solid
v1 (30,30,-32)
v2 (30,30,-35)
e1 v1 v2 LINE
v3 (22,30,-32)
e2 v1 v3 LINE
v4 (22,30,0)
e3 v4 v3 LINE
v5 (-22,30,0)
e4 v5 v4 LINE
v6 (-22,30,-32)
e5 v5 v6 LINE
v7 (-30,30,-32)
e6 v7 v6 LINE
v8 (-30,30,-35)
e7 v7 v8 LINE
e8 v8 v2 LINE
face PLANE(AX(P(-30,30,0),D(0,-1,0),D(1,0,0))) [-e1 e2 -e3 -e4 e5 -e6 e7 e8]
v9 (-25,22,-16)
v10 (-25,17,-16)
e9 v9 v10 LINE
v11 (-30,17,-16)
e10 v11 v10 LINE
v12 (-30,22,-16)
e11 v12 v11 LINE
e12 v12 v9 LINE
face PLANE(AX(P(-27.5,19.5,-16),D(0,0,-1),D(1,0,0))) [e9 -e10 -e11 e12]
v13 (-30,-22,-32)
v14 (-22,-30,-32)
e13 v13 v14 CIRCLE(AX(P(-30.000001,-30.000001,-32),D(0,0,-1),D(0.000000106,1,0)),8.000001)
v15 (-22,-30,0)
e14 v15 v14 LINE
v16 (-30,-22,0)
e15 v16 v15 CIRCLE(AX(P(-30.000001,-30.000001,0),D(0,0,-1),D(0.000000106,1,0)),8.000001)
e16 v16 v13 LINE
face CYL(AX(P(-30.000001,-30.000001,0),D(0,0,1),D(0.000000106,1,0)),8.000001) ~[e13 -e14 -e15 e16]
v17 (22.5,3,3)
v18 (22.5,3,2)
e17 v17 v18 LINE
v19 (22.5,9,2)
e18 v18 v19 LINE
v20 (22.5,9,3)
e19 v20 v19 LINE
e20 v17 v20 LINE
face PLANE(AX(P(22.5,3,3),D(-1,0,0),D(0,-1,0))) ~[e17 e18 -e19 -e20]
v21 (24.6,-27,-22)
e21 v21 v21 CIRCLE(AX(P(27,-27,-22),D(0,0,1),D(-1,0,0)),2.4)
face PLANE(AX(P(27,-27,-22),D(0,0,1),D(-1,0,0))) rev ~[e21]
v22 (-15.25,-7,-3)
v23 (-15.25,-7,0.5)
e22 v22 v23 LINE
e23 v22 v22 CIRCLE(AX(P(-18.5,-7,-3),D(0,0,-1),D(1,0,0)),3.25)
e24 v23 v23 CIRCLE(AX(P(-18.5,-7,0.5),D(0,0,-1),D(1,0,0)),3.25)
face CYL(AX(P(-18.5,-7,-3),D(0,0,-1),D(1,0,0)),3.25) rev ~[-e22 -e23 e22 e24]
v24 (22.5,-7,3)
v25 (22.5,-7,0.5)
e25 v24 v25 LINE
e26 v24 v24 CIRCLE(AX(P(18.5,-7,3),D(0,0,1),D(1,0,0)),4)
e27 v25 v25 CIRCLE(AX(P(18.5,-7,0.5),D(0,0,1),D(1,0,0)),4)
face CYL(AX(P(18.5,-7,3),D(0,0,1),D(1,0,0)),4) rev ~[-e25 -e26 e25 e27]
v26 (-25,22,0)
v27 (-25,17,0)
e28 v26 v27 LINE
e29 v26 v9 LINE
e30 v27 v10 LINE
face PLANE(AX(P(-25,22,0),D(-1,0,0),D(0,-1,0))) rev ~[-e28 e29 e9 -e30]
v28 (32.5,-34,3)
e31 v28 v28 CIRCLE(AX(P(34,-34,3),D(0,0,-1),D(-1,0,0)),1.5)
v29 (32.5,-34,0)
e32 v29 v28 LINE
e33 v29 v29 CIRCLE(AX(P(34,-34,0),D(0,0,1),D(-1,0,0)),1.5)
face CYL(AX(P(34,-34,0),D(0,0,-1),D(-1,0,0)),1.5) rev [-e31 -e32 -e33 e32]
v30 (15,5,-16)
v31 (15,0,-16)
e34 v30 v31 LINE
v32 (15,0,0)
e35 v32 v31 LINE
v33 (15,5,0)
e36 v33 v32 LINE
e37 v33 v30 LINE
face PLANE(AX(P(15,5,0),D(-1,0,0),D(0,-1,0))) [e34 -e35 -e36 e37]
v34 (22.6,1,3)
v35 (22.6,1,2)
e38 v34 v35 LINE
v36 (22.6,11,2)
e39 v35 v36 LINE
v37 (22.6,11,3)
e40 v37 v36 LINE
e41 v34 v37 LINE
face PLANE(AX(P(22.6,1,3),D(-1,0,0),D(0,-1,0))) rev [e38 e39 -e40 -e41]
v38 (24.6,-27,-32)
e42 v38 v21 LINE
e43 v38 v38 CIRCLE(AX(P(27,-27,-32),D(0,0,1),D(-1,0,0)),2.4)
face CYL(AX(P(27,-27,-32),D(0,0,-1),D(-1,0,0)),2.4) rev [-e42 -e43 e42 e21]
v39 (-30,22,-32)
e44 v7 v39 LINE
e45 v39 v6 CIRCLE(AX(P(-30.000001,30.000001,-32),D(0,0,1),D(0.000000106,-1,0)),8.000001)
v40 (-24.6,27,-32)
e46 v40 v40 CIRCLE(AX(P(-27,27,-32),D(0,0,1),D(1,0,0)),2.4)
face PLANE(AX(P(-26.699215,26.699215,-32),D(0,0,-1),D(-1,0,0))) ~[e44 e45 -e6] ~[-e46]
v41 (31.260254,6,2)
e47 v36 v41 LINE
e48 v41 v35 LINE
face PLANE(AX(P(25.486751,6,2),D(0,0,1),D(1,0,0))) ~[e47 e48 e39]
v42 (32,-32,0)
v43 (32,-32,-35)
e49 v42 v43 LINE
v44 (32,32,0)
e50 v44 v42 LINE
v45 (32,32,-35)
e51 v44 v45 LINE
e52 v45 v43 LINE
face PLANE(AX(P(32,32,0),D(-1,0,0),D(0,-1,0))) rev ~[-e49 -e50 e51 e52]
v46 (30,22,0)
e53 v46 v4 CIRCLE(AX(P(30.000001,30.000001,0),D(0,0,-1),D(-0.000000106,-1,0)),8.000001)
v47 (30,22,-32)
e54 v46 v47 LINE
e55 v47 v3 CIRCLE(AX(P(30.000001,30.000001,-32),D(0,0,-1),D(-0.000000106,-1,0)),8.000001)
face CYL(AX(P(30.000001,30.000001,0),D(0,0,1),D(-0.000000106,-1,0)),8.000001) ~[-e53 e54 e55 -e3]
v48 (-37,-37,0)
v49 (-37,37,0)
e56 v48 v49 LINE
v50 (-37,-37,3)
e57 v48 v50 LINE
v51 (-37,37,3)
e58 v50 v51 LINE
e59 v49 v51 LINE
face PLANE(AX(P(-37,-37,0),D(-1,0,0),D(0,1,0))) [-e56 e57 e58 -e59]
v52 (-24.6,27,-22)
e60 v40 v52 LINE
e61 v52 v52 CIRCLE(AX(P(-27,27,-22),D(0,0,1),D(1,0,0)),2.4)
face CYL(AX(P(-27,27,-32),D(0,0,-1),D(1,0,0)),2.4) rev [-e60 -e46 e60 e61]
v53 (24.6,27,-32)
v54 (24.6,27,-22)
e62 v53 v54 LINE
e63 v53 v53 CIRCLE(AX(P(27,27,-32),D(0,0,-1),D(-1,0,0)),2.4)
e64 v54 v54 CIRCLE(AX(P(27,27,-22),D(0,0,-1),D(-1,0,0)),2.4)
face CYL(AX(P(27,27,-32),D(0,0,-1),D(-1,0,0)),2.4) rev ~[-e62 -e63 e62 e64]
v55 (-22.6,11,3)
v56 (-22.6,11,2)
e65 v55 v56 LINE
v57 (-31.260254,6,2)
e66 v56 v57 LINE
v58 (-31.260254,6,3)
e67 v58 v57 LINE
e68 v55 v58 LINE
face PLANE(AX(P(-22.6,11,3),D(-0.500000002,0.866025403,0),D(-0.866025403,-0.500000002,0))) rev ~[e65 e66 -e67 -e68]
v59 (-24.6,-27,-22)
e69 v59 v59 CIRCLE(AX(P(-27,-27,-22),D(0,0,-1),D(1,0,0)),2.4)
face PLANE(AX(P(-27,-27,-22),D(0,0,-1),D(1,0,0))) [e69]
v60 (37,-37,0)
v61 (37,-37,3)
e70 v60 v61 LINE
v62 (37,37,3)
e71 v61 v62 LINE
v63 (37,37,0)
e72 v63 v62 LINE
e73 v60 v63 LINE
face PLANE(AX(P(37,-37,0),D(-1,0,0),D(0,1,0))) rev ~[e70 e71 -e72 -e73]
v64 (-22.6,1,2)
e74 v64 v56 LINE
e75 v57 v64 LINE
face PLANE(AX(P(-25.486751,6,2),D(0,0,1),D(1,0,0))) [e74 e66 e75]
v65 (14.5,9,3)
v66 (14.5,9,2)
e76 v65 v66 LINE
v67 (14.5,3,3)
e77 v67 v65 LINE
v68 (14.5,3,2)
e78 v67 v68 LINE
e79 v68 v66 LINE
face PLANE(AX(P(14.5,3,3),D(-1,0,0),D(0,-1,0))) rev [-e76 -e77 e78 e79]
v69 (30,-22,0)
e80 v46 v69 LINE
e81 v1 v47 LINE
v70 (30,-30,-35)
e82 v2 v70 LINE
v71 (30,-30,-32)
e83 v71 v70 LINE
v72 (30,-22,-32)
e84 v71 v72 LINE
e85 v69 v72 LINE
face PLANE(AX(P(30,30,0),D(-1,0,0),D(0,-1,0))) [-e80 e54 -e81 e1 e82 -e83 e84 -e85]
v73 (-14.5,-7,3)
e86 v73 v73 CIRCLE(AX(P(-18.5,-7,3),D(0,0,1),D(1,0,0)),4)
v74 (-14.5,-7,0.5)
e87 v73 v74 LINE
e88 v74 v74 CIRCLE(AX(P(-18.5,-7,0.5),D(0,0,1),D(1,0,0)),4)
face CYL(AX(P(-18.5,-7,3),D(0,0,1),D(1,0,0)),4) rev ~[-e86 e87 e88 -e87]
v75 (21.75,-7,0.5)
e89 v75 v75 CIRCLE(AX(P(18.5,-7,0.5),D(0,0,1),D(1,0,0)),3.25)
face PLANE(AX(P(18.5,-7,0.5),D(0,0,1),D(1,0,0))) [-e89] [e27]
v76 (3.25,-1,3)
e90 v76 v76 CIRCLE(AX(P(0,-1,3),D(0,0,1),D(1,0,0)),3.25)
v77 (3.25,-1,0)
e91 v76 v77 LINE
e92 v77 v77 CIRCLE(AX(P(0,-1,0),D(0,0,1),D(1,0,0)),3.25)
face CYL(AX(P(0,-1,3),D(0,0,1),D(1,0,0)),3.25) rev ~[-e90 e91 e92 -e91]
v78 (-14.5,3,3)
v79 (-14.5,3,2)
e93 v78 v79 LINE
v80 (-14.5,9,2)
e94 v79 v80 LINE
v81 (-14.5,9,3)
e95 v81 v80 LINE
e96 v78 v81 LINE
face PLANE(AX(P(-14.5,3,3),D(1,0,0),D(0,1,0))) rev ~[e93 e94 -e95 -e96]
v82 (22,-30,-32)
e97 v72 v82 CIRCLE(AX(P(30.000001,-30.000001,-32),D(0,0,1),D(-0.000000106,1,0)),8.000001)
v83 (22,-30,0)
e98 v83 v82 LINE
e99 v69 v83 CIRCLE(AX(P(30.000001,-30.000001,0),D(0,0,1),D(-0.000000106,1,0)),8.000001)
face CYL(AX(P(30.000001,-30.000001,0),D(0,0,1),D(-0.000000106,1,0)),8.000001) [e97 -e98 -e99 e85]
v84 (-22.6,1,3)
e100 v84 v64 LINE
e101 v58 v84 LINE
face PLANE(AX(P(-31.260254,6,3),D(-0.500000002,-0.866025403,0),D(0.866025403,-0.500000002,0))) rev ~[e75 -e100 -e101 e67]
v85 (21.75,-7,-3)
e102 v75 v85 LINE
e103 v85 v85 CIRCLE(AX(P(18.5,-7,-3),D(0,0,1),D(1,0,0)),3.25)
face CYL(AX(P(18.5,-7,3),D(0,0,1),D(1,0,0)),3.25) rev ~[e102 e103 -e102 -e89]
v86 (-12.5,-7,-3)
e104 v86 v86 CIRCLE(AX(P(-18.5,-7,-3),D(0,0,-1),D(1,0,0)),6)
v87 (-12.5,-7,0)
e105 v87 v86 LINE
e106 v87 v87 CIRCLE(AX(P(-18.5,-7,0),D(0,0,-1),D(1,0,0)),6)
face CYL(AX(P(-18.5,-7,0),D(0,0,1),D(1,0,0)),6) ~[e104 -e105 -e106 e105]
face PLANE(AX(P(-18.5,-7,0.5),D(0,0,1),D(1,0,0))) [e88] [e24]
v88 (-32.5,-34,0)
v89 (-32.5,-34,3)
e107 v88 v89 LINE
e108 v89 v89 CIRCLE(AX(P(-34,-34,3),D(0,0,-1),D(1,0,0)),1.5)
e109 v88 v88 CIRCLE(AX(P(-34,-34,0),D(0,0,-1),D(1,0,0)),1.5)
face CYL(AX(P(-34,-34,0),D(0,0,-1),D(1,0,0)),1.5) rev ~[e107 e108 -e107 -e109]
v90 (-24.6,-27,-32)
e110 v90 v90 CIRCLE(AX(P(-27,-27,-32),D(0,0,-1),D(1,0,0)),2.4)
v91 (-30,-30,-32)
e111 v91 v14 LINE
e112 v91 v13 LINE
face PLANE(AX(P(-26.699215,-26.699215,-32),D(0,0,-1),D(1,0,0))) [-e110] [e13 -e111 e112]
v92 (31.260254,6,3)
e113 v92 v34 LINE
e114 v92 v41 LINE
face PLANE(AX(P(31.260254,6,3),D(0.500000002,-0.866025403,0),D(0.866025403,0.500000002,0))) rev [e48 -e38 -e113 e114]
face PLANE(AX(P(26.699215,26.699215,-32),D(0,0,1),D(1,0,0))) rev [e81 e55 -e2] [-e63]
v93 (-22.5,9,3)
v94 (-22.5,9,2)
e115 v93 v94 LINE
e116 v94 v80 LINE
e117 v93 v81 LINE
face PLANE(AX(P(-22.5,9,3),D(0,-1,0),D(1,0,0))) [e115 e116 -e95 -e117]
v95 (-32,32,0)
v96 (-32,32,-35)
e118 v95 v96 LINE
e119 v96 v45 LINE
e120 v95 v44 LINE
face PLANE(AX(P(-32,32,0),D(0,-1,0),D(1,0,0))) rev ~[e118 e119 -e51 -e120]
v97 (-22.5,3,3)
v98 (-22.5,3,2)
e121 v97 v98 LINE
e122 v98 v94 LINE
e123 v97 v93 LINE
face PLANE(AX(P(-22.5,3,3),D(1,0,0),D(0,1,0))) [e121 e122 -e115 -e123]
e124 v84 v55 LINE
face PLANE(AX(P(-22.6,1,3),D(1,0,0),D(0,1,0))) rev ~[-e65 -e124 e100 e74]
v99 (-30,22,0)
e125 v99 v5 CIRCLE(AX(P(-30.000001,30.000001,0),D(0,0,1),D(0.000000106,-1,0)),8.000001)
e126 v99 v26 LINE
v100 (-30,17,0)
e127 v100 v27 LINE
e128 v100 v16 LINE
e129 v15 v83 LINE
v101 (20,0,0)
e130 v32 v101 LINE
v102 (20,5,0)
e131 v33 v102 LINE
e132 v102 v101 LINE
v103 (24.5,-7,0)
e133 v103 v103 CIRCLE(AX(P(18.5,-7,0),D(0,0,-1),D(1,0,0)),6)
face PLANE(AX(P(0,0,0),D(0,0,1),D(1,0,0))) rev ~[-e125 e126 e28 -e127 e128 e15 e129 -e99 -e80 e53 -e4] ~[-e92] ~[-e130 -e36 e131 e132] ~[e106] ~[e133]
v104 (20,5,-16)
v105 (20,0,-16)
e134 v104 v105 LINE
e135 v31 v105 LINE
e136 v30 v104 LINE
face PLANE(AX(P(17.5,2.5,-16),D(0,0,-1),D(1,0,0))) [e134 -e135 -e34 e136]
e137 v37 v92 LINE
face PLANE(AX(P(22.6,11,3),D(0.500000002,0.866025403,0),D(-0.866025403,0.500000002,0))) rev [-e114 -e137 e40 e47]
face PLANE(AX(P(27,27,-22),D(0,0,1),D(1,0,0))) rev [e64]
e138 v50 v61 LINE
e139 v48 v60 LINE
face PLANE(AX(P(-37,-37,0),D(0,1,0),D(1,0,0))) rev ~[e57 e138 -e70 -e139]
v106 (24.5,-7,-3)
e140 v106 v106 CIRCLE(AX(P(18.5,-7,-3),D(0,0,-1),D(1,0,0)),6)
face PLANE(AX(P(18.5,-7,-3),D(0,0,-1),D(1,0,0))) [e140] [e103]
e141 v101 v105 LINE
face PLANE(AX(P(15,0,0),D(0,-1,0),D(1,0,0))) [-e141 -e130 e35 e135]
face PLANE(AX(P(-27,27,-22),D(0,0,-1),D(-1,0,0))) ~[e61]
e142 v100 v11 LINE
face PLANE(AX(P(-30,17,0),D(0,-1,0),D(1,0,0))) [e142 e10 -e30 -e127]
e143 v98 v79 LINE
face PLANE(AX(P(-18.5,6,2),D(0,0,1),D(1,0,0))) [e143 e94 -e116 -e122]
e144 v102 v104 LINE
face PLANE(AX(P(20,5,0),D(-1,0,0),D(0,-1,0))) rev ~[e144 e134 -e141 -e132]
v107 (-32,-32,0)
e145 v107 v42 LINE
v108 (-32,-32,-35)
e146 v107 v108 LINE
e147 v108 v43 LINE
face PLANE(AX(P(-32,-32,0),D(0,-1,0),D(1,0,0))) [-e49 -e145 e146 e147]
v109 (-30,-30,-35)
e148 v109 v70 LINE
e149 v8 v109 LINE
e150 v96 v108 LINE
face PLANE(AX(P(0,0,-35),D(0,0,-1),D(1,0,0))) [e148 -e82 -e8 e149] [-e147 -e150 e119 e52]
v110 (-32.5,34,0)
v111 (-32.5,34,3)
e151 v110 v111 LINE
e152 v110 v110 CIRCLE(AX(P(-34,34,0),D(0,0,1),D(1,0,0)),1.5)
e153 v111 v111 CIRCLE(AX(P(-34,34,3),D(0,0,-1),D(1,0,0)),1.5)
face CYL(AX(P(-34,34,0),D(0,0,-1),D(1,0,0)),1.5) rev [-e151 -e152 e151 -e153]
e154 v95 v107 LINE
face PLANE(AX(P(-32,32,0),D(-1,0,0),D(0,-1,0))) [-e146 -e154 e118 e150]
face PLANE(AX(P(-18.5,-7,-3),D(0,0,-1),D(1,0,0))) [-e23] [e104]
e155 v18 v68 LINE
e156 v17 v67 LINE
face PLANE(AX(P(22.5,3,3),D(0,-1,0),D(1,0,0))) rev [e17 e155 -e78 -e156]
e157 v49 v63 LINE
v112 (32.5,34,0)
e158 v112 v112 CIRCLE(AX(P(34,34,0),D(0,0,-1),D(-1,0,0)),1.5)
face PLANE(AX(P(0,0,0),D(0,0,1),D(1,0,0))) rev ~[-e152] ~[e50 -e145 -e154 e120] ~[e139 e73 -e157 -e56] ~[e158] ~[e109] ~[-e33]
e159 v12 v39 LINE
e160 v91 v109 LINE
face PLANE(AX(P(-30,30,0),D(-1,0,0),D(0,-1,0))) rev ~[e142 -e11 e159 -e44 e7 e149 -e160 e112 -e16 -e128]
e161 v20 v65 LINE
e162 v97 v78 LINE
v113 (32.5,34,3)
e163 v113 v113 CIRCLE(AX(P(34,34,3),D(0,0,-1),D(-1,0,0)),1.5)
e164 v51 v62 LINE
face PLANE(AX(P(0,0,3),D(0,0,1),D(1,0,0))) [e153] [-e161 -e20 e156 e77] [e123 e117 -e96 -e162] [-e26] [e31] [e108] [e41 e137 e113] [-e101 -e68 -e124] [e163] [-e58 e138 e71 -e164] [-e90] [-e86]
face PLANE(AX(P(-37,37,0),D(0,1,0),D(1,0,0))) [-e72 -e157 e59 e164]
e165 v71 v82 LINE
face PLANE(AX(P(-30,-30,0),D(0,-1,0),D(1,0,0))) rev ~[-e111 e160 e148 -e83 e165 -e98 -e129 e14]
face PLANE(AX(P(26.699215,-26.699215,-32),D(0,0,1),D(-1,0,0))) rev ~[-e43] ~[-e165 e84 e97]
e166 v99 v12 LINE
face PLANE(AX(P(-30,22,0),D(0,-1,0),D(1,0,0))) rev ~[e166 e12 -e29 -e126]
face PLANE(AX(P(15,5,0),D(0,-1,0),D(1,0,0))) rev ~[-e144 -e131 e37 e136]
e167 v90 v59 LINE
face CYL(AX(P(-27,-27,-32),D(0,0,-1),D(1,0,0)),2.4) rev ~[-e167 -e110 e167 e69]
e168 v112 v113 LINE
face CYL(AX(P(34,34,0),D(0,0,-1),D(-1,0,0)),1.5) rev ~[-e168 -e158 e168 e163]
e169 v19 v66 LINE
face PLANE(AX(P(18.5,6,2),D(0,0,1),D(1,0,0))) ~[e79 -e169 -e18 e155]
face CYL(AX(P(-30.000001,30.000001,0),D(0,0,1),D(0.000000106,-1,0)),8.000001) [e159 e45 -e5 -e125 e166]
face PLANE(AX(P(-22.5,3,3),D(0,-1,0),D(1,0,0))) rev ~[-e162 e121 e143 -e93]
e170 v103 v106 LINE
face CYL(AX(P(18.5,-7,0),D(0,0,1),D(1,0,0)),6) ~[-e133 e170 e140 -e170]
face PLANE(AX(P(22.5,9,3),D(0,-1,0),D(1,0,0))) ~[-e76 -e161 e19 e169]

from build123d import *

# Parameters (mm, degrees)
SKETCH_W                   = 74
SKETCH_H                   = 74
PAD_DEPTH                  = 3
SKETCH002_W                = 64
SKETCH002_H                = 64
SKETCH002_W_2              = 60
SKETCH002_H_2              = 60
PAD001_DEPTH               = 35
SKETCH003_R                = 1.5
POCKET_DEPTH               = 225.675651
PAD002_DEPTH               = 32
SKETCH005_R                = 2.4
POCKET001_DEPTH            = 10
SKETCH003_MIRRORED_2_R     = 1.5
POCKET_MIRRORED_2_DEPTH    = 225.675651
PAD002_MIRRORED_2_DEPTH    = 32
SKETCH005_MIRRORED_2_R     = 2.4
POCKET001_MIRRORED_2_DEPTH = 10
SKETCH006_R                = 3.25
POCKET002_DEPTH            = 38.001
SKETCH008_R                = 4
POCKET003_DEPTH            = 2.5
SKETCH009_R                = 6
PAD003_DEPTH               = 3
SKETCH010_R                = 3.25
POCKET004_DEPTH            = 6.001
SKETCH011_R                = 3.25
POCKET005_DEPTH            = 38.001
SKETCH012_W                = 8
SKETCH012_H                = 6
POCKET006_DEPTH            = 1
SKETCH013_W                = 5
SKETCH013_H                = 5
PAD004_DEPTH               = 16


with BuildPart() as part:
    # Sketch → Pad (new body)
    with BuildSketch(Plane.XY):
        Rectangle(SKETCH_W, SKETCH_H)
    extrude(amount=PAD_DEPTH)

    # Sketch002 (on Face5 of Pad) → Pad001 (join)
    with BuildSketch(Plane(origin=(0, 0, 0), x_dir=(1, 0, 0), z_dir=(0, 0, -1))):
        Rectangle(SKETCH002_W, SKETCH002_H)
        Rectangle(SKETCH002_W_2, SKETCH002_H_2, mode=Mode.SUBTRACT)
    extrude(amount=PAD001_DEPTH)

    # Sketch003 (on Face4 of Pad001) → Pocket (cut, through all)
    with BuildSketch(Plane(origin=(0, 0, 0), x_dir=(1, 0, 0), z_dir=(0, 0, -1))):
        with Locations((-34, 34)):
            Circle(SKETCH003_R)
    pocket = extrude(amount=-POCKET_DEPTH, mode=Mode.SUBTRACT)

    # Sketch004 (on Face17 of Pocket) → Pad002 (join)
    with BuildSketch(Plane(origin=(0, 0, 0), x_dir=(1, 0, 0), z_dir=(0, 0, -1))):
        with BuildLine():
            ThreePointArc((-30, 22), (-24.343146, 24.343146), (-22, 30))
            Line((-30, 30), (-22, 30))
            Line((-30, 30), (-30, 22))
        make_face()
    pad002 = extrude(amount=PAD002_DEPTH)

    # Sketch005 (on Face17 of Pad002) → Pocket001 (cut)
    with BuildSketch(Plane(origin=(0, 0, -32), x_dir=(1, 0, 0), z_dir=(0, 0, -1))):
        with Locations((-27, 27)):
            Circle(SKETCH005_R)
    pocket001 = extrude(amount=-POCKET001_DEPTH, mode=Mode.SUBTRACT)

    # Sketch003 Mirrored 2 → Pocket Mirrored 2 (cut, through all)
    with BuildSketch(Plane(origin=(0, 0, 0), x_dir=(-1, 0, 0), z_dir=(0, 0, 1))):
        with Locations((-34, 34)):
            Circle(SKETCH003_MIRRORED_2_R)
    pocket_mirrored_2 = extrude(amount=POCKET_MIRRORED_2_DEPTH, mode=Mode.SUBTRACT)

    # Sketch004 Mirrored 2 → Pad002 Mirrored 2 (add)
    with BuildSketch(Plane(origin=(0, 0, 0), x_dir=(-1, 0, 0), z_dir=(0, 0, 1))):
        with BuildLine():
            ThreePointArc((-30, 22), (-24.343146, 24.343146), (-22, 30))
            Line((-30, 30), (-22, 30))
            Line((-30, 30), (-30, 22))
        make_face()
    pad002_mirrored_2 = extrude(amount=-PAD002_MIRRORED_2_DEPTH)

    # Sketch005 Mirrored 2 → Pocket001 Mirrored 2 (cut)
    with BuildSketch(Plane(origin=(0, 0, -32), x_dir=(-1, 0, 0), z_dir=(0, 0, 1))):
        with Locations((-27, 27)):
            Circle(SKETCH005_MIRRORED_2_R)
    pocket001_mirrored_2 = extrude(amount=POCKET001_MIRRORED_2_DEPTH, mode=Mode.SUBTRACT)

    # Mirrored001: Pocket, Pad002, Pocket001, Pocket Mirrored 2, Pad002 Mirrored 2, Pocket001 Mirrored 2 across Sketch003 H_Axis
    add(pocket.mirror(Plane(origin=(0, 0, 0), x_dir=(0, 0, -1), z_dir=(0, -1, 0))), mode=Mode.SUBTRACT)
    add(pad002.mirror(Plane(origin=(0, 0, 0), x_dir=(0, 0, -1), z_dir=(0, -1, 0))))
    add(pocket001.mirror(Plane(origin=(0, 0, 0), x_dir=(0, 0, -1), z_dir=(0, -1, 0))), mode=Mode.SUBTRACT)
    add(pocket_mirrored_2.mirror(Plane(origin=(0, 0, 0), x_dir=(0, 0, -1), z_dir=(0, -1, 0))), mode=Mode.SUBTRACT)
    add(pad002_mirrored_2.mirror(Plane(origin=(0, 0, 0), x_dir=(0, 0, -1), z_dir=(0, -1, 0))))
    add(pocket001_mirrored_2.mirror(Plane(origin=(0, 0, 0), x_dir=(0, 0, -1), z_dir=(0, -1, 0))), mode=Mode.SUBTRACT)

    # Sketch006 (on Face36 of MultiTransform) → Pocket002 (cut, through all)
    with BuildSketch(Plane.XY.offset(3)):
        with Locations((0, -1)):
            Circle(SKETCH006_R)
    extrude(amount=-POCKET002_DEPTH, mode=Mode.SUBTRACT)

    # Sketch008 (on Face23 of Pocket002) → Pocket003 (cut)
    with BuildSketch(Plane.XY.offset(3)):
        with Locations((-18.5, -7)):
            Circle(SKETCH008_R)
        with Locations((18.5, -7)):
            Circle(SKETCH008_R)
    extrude(amount=-POCKET003_DEPTH, mode=Mode.SUBTRACT)

    # Sketch009 (on Face4 of Pocket003) → Pad003 (join)
    with BuildSketch(Plane(origin=(0, 0, 0), x_dir=(1, 0, 0), z_dir=(0, 0, -1))):
        with Locations((18.5, 7)):
            Circle(SKETCH009_R)
        with Locations((-18.5, 7)):
            Circle(SKETCH009_R)
    extrude(amount=PAD003_DEPTH)

    # Sketch010 (on Face25 of Pad003) → Pocket004 (cut, through all)
    with BuildSketch(Plane(origin=(0, 0, -3), x_dir=(1, 0, 0), z_dir=(0, 0, -1))):
        with Locations((-18.5, 7)):
            Circle(SKETCH010_R)
    extrude(amount=-POCKET004_DEPTH, mode=Mode.SUBTRACT)

    # Sketch011 (on Face27 of Pocket004) → Pocket005 (cut, through all)
    with BuildSketch(Plane.XY.offset(3)):
        with Locations((18.5, -7)):
            Circle(SKETCH011_R)
    extrude(amount=-POCKET005_DEPTH, mode=Mode.SUBTRACT)

    # Sketch012 (on Face27 of Pocket005) → Pocket006 (cut)
    with BuildSketch(Plane.XY.offset(3)):
        with Locations((-18.5, 6)):
            Rectangle(SKETCH012_W, SKETCH012_H)
        Polygon((-22.6, 1), (-22.6, 11), (-31.260254, 6), align=None)
    pocket006 = extrude(amount=-POCKET006_DEPTH, mode=Mode.SUBTRACT)

    # Mirrored002: Pocket006 across Sketch012 V_Axis
    add(pocket006.mirror(Plane(origin=(0, 0, 3), x_dir=(0, 0, 1), z_dir=(1, 0, 0))), mode=Mode.SUBTRACT)

    # Sketch013 (on Face4 of MultiTransform001) → Pad004 (join)
    with BuildSketch(Plane(origin=(0, 0, 0), x_dir=(1, 0, 0), z_dir=(0, 0, -1))):
        with Locations((-27.5, -19.5)):
            Rectangle(SKETCH013_W, SKETCH013_H)
        with Locations((17.5, -2.5)):
            Rectangle(SKETCH013_W, SKETCH013_H)
    extrude(amount=PAD004_DEPTH)


solid = part.part
